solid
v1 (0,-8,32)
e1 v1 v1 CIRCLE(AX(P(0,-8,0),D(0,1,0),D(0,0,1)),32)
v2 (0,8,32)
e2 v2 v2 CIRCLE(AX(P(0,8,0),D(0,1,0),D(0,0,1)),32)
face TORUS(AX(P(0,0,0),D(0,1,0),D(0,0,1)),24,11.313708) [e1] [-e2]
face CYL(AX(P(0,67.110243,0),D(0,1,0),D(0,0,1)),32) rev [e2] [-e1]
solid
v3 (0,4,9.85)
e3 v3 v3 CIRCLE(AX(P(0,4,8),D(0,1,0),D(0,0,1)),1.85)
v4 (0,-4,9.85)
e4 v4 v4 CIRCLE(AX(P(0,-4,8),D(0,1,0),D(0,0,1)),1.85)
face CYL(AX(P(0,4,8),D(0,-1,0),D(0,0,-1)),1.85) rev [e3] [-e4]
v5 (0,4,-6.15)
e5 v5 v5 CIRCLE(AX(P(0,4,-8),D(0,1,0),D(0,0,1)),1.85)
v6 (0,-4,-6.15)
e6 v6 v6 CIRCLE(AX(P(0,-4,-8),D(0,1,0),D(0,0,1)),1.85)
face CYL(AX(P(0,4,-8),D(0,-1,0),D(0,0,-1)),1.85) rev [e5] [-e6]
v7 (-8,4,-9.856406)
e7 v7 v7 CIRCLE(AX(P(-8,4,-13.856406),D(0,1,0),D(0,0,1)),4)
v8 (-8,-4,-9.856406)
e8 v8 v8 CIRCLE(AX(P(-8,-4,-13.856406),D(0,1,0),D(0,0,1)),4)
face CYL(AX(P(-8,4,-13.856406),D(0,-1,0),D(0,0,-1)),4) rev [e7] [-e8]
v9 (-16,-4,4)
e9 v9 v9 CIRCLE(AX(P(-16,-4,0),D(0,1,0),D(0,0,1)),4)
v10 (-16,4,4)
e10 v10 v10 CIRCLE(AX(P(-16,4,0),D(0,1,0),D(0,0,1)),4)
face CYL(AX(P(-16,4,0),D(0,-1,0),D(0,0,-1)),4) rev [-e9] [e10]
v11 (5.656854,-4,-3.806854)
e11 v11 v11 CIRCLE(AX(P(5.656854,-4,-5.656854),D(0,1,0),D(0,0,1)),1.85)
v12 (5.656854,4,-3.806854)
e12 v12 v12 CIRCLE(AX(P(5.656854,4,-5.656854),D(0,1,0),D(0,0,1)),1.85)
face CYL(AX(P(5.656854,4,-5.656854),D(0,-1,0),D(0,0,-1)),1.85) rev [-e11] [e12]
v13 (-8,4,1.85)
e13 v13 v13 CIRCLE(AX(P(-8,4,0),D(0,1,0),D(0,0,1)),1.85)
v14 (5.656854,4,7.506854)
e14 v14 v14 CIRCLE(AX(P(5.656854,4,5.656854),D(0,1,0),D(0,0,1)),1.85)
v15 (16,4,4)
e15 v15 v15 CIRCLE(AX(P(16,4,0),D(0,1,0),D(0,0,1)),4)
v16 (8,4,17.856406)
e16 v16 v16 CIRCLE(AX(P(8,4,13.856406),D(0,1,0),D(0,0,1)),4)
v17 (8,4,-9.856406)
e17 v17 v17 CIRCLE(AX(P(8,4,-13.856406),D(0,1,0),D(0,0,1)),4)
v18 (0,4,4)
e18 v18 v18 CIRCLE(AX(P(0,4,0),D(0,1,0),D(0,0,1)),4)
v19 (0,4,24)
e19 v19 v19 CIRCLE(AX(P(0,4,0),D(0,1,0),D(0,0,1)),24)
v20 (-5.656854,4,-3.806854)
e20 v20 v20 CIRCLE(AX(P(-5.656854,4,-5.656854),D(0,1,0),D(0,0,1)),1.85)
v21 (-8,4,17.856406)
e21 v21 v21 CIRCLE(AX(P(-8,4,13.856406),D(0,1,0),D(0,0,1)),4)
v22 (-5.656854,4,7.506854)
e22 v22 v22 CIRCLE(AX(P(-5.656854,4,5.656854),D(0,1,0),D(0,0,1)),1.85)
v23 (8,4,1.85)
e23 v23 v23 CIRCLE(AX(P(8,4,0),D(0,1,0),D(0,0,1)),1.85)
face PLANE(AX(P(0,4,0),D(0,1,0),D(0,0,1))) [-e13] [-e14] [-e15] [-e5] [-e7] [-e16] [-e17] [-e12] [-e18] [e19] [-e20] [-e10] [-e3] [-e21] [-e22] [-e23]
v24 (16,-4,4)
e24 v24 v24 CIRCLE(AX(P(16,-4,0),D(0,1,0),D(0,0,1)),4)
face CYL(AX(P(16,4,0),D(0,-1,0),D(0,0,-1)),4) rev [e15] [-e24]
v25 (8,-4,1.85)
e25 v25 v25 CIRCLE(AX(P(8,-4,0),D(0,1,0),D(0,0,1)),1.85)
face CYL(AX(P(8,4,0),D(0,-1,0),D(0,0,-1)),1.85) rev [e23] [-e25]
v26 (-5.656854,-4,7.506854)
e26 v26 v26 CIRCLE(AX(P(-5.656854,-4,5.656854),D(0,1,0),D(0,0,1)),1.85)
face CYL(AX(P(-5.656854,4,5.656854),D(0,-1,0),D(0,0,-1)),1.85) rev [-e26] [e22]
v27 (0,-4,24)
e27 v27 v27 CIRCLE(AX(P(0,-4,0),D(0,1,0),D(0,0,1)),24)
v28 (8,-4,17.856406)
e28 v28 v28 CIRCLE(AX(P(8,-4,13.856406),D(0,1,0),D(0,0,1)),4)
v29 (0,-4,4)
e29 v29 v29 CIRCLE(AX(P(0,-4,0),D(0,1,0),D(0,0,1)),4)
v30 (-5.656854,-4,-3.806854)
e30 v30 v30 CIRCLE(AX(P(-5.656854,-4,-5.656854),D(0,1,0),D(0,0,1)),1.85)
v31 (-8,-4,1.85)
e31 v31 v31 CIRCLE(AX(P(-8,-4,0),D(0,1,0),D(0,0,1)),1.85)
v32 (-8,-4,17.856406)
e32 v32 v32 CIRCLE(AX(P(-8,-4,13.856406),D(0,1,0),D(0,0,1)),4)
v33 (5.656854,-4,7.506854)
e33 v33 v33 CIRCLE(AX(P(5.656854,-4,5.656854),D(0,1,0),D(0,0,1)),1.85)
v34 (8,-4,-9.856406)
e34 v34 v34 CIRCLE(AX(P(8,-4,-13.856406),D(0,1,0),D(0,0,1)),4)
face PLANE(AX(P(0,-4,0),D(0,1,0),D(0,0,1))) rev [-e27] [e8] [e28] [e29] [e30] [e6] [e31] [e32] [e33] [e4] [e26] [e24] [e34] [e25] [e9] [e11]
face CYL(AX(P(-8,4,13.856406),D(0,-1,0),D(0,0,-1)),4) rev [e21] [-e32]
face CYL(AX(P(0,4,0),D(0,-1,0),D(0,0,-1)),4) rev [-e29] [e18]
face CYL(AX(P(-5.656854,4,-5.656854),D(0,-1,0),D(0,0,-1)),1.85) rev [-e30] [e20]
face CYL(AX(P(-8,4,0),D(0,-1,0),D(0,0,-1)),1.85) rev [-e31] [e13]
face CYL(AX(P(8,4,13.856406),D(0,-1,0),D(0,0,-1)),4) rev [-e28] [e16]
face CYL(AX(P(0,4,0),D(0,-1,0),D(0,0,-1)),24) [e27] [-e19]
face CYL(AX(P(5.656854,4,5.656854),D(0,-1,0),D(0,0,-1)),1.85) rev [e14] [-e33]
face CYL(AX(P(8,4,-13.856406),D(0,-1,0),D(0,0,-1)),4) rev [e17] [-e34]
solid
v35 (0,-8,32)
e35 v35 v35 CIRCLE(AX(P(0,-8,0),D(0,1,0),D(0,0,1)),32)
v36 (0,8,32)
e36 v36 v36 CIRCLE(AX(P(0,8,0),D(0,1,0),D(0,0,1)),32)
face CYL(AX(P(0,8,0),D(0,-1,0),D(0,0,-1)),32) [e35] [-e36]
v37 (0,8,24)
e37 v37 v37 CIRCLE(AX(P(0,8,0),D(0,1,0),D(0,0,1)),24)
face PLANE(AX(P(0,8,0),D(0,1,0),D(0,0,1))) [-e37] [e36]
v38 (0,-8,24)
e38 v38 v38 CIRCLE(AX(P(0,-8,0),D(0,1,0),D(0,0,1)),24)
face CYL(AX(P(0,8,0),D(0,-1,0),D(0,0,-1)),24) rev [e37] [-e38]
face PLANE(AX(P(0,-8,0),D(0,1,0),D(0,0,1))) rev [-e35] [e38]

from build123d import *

# Parameters (mm, degrees)
SKETCH_1_R              = 24
SKETCH_1_R_2            = 4
SKETCH_1_R_3            = 1.85
WHEEL_HUB_TAP_DEPTH     = 4
SKETCH_1_3_R            = 32
SKETCH_1_3_R_2          = 24
WHEEL_HUB_OUTSIDE_DEPTH = 8


with BuildPart() as part:
    # 草图1 → wheel hub tap (new, symmetric)
    with BuildSketch(Plane(origin=(0, 0, 0), x_dir=(1, 0, 0), z_dir=(0, 1, 0))):
        Circle(SKETCH_1_R)
        with Locations((-8, -13.856406461)):
            Circle(SKETCH_1_R_2, mode=Mode.SUBTRACT)
        with Locations((-5.656854249, -5.656854249)):
            Circle(SKETCH_1_R_3, mode=Mode.SUBTRACT)
        with Locations((0, -8)):
            Circle(SKETCH_1_R_3, mode=Mode.SUBTRACT)
        with Locations((8, -13.856406461)):
            Circle(SKETCH_1_R_2, mode=Mode.SUBTRACT)
        with Locations((5.656854249, -5.656854249)):
            Circle(SKETCH_1_R_3, mode=Mode.SUBTRACT)
        with Locations((-16, 0)):
            Circle(SKETCH_1_R_2, mode=Mode.SUBTRACT)
        with Locations((-8, 0)):
            Circle(SKETCH_1_R_3, mode=Mode.SUBTRACT)
        with Locations((-5.656854249, 5.656854249)):
            Circle(SKETCH_1_R_3, mode=Mode.SUBTRACT)
        with Locations((-8, 13.856406461)):
            Circle(SKETCH_1_R_2, mode=Mode.SUBTRACT)
        Circle(SKETCH_1_R_2, mode=Mode.SUBTRACT)
        with Locations((5.656854249, 5.656854249)):
            Circle(SKETCH_1_R_3, mode=Mode.SUBTRACT)
        with Locations((8, 0)):
            Circle(SKETCH_1_R_3, mode=Mode.SUBTRACT)
        with Locations((0, 8)):
            Circle(SKETCH_1_R_3, mode=Mode.SUBTRACT)
        with Locations((8, 13.856406461)):
            Circle(SKETCH_1_R_2, mode=Mode.SUBTRACT)
        with Locations((16, 0)):
            Circle(SKETCH_1_R_2, mode=Mode.SUBTRACT)
    extrude(amount=WHEEL_HUB_TAP_DEPTH, both=True)


with BuildPart() as body_2:
    # 草图1<3> → wheel hub outside (new, symmetric)
    with BuildSketch(Plane(origin=(0, 0, 0), x_dir=(1, 0, 0), z_dir=(0, 1, 0))):
        Circle(SKETCH_1_3_R)
        Circle(SKETCH_1_3_R_2, mode=Mode.SUBTRACT)
    extrude(amount=WHEEL_HUB_OUTSIDE_DEPTH, both=True)


with BuildPart() as body_3:
    # 草图2 → rubber tyre (revolve)
    with BuildSketch(Plane(origin=(0, 0, 0), x_dir=(0, 0, -1), z_dir=(1, 0, 0))):
        with BuildLine():
            Line((32, 8), (32, -8))
            ThreePointArc((32, -8), (35.313708499, 0), (32, 8))
        make_face()
    revolve(axis=Axis((0, 67.110243395, 0), (0, -1, 0)))


solid = Compound([part.part, body_2.part, body_3.part])
